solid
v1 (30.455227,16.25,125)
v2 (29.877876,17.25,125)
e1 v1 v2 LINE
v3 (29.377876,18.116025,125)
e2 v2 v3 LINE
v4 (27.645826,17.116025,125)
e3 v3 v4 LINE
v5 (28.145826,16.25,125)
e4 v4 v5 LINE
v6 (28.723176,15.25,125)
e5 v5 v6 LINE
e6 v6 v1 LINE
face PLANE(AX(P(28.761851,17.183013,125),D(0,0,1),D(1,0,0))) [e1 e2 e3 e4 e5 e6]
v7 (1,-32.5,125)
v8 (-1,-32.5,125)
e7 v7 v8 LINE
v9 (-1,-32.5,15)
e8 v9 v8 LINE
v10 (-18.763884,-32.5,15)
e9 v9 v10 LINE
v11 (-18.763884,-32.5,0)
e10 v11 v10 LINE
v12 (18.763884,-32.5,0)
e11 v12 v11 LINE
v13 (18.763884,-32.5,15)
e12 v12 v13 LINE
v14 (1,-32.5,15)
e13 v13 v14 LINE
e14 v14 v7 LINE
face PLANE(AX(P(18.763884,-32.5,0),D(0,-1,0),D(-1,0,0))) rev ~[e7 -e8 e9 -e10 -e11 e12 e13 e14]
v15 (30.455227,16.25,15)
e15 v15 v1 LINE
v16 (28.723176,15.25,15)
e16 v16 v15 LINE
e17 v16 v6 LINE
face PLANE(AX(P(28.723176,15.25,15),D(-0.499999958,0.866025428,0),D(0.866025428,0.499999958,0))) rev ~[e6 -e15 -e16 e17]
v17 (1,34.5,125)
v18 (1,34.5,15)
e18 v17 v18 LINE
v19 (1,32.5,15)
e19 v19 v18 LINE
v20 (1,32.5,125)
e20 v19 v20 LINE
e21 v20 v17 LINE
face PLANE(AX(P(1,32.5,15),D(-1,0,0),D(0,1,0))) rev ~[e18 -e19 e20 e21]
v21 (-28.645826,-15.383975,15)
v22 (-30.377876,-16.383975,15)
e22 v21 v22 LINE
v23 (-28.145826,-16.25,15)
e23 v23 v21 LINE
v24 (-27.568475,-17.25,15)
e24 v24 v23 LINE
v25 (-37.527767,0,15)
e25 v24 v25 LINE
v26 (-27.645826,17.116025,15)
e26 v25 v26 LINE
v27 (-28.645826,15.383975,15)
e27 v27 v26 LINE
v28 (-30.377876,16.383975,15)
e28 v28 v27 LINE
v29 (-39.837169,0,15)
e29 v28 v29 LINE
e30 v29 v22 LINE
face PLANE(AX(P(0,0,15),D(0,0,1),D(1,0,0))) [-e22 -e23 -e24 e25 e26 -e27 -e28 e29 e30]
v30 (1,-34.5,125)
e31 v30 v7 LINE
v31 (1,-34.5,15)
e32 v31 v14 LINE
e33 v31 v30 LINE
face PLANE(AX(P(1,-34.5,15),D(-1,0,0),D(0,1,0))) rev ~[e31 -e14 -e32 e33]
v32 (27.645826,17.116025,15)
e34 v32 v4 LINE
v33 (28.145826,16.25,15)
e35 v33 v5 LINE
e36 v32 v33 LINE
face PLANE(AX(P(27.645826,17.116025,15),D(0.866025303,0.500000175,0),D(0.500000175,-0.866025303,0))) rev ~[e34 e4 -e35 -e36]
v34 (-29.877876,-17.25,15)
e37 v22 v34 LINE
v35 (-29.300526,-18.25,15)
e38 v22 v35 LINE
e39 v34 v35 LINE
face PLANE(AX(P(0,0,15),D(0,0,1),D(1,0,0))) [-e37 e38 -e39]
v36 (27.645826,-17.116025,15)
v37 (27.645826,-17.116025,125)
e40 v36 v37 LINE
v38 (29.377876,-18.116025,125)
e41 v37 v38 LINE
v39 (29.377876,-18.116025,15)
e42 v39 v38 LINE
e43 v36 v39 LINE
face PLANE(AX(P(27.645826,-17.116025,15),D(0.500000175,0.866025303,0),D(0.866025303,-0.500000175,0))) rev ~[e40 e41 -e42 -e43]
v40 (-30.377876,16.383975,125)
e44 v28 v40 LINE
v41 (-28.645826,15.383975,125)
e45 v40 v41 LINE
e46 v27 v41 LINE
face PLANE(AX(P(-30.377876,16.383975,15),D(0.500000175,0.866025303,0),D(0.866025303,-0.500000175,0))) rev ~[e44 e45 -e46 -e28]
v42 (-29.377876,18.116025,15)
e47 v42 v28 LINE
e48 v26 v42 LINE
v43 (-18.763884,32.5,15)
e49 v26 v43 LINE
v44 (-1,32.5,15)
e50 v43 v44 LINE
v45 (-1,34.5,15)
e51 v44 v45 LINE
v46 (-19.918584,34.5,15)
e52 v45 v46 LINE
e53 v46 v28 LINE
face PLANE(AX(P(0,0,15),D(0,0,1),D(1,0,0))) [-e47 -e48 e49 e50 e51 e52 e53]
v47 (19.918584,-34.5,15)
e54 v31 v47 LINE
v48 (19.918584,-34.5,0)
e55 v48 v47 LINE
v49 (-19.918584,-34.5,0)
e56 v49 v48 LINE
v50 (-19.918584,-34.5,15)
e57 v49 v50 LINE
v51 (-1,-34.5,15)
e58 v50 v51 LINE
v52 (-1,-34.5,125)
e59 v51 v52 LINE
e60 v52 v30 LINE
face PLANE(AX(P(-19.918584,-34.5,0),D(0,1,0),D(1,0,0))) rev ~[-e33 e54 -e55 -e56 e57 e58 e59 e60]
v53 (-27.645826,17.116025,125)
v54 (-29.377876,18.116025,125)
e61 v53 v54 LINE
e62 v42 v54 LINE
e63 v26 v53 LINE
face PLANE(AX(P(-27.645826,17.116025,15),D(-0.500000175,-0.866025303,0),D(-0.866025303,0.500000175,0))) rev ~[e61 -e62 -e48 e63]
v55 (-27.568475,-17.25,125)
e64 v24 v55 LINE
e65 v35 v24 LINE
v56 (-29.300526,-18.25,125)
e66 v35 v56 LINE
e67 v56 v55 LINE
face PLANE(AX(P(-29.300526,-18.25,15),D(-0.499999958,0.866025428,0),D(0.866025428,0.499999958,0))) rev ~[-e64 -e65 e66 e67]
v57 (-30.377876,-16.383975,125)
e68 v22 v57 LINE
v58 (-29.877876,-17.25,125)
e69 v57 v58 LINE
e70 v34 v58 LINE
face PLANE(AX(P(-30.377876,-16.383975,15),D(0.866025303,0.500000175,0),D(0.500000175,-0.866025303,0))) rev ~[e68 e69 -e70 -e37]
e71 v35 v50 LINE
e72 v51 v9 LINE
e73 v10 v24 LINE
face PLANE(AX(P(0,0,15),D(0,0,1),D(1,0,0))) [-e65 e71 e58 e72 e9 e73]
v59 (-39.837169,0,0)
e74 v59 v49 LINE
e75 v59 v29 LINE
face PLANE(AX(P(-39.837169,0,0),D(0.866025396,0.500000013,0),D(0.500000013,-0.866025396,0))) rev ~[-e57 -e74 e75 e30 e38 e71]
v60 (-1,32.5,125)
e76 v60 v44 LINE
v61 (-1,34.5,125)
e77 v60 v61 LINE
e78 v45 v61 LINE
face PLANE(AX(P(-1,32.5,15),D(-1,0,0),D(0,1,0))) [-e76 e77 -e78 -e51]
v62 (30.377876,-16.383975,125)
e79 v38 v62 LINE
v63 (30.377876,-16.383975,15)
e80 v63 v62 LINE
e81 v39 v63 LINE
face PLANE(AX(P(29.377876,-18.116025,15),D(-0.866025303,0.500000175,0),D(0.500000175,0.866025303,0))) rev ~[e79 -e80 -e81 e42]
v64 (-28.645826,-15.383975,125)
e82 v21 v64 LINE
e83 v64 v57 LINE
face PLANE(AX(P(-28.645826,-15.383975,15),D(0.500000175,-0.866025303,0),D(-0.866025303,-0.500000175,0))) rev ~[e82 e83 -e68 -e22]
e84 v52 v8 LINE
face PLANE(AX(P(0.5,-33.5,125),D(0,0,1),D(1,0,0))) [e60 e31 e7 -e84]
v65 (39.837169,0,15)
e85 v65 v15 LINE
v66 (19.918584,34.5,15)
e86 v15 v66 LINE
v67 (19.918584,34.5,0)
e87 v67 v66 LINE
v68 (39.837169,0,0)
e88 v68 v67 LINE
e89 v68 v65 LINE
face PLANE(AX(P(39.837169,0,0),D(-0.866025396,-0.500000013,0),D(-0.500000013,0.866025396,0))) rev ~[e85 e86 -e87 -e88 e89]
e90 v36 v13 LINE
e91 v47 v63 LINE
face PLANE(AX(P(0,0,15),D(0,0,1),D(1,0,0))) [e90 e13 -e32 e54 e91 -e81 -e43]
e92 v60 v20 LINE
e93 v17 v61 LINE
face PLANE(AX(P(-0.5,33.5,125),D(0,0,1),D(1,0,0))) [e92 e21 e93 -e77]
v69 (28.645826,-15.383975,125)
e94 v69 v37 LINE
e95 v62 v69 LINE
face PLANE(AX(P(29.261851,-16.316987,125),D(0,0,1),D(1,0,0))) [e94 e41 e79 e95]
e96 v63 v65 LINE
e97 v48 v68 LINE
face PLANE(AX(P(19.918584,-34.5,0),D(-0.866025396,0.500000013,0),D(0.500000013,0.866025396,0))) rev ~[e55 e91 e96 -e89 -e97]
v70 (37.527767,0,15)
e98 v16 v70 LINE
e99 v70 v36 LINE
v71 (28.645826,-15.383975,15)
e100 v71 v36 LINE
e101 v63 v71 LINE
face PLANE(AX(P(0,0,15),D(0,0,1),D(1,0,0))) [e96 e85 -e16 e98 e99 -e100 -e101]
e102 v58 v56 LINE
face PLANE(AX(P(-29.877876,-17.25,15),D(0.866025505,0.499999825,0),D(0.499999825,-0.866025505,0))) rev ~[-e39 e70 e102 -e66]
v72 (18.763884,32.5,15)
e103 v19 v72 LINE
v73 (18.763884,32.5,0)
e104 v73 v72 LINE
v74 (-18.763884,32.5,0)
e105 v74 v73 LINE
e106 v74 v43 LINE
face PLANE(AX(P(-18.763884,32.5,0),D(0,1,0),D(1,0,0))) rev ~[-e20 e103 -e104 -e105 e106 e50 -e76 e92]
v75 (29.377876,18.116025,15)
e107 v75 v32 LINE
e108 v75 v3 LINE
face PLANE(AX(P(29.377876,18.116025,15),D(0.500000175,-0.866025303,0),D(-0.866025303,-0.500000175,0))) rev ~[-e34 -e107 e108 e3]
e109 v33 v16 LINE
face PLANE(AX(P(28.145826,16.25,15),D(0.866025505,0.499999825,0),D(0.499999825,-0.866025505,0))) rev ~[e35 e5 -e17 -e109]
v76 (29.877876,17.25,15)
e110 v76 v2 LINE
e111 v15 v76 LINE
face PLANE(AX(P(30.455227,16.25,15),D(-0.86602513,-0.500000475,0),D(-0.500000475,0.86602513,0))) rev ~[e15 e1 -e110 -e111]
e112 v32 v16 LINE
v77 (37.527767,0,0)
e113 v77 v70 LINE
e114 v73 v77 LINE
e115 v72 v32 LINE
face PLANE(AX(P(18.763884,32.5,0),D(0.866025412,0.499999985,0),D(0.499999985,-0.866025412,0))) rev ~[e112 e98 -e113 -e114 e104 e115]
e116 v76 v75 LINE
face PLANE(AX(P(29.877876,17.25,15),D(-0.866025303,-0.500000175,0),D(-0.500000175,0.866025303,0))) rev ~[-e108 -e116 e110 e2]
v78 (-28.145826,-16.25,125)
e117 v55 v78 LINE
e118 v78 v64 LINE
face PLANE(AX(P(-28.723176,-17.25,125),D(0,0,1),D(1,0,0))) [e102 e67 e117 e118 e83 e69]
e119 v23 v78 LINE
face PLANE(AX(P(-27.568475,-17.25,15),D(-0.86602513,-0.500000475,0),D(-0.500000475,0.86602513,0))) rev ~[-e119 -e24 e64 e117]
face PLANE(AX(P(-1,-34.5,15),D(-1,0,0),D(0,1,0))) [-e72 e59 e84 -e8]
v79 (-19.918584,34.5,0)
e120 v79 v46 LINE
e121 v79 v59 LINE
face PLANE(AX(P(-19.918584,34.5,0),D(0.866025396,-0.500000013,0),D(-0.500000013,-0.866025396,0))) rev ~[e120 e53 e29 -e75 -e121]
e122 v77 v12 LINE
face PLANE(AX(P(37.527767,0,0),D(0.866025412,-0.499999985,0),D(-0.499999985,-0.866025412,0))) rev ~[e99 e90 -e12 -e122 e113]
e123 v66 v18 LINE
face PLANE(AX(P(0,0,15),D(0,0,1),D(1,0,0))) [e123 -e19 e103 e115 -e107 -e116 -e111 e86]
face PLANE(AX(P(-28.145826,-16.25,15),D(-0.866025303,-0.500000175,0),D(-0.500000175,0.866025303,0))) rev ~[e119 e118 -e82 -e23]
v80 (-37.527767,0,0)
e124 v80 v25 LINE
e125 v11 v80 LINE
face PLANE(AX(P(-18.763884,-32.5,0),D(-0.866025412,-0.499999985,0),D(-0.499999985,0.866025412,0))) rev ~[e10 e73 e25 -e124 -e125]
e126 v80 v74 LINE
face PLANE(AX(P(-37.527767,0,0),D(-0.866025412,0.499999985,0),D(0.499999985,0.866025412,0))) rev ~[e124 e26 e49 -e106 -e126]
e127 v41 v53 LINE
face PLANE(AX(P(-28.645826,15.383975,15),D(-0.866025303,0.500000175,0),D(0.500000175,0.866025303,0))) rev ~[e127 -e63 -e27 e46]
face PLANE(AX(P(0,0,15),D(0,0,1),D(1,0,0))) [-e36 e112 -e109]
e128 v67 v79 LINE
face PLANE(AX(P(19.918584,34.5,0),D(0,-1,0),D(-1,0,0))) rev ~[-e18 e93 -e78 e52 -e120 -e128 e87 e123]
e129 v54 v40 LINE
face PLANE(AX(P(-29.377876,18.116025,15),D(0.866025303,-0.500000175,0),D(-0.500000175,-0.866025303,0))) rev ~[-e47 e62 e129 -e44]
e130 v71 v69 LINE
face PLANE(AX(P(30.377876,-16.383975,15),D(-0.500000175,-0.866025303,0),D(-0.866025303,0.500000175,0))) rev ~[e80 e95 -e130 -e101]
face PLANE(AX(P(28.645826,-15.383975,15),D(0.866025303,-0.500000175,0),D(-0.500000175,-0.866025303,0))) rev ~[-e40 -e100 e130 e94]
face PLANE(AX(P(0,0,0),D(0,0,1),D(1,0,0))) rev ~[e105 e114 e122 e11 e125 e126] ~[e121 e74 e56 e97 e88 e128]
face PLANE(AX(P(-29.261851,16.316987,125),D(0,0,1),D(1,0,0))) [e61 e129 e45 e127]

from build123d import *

# Parameters (mm, degrees)
F1_DEPTH = 15
F2_W     = 1
F2_H     = 2
F3_DEPTH = 110
F4_W     = 2
F4_H     = 2
F5_DEPTH = 2


with BuildPart() as f1:
    # F0 (on Top) → F1 (new body)
    with BuildSketch(Plane.XY):
        Polygon((-19.918584, -34.5), (19.918584, -34.5), (39.837169, 0), (19.918584, 34.5), (-19.918584, 34.5), (-39.837169, 0), align=None)
        Polygon((37.527767, 0), (18.763884, -32.5), (-18.763884, -32.5), (-37.527767, 0), (-18.763884, 32.5), (18.763884, 32.5), align=None, mode=Mode.SUBTRACT)
    extrude(amount=F1_DEPTH)

    # F2 (on face) → F3 (join)
    with BuildSketch(Plane.XY.offset(15)):
        Polygon((-28.645826, 15.383975), (-28.145826, 16.25), (-29.877876, 17.25), (-30.377876, 16.383975), align=None)
        Polygon((-29.877876, 17.25), (-28.145826, 16.25), (-27.645826, 17.116025), (-29.377876, 18.116025), align=None)
        with Locations((-0.5, 33.5)):
            Rectangle(F2_W, F2_H)
        with Locations((0.5, 33.5)):
            Rectangle(F2_W, F2_H)
        Polygon((27.645826, 17.116025), (28.145826, 16.25), (29.877876, 17.25), (29.377876, 18.116025), align=None)
        Polygon((29.877876, 17.25), (28.145826, 16.25), (28.723176, 15.25), (30.455227, 16.25), align=None)
        Polygon((28.145826, -16.25), (29.877876, -17.25), (30.377876, -16.383975), (28.645826, -15.383975), align=None)
        Polygon((27.645826, -17.116025), (29.377876, -18.116025), (29.877876, -17.25), (28.145826, -16.25), align=None)
        with Locations((0.5, -33.5)):
            Rectangle(F2_W, F2_H)
        with Locations((-0.5, -33.5)):
            Rectangle(F2_W, F2_H)
        Polygon((-29.877876, -17.25), (-29.300526, -18.25), (-27.568475, -17.25), (-28.145826, -16.25), align=None)
        Polygon((-30.377876, -16.383975), (-29.877876, -17.25), (-28.145826, -16.25), (-28.645826, -15.383975), align=None)
    extrude(amount=F3_DEPTH)

    # F4 (on face) → F5 (join)
    with BuildSketch(Plane(origin=(0, 34.5, 0), x_dir=(-1, 0, 0), z_dir=(0, 1, 0))):
        with Locations((0, 36)):
            Rectangle(F4_W, F4_H)
    extrude(amount=-F5_DEPTH)


solid = f1.part
